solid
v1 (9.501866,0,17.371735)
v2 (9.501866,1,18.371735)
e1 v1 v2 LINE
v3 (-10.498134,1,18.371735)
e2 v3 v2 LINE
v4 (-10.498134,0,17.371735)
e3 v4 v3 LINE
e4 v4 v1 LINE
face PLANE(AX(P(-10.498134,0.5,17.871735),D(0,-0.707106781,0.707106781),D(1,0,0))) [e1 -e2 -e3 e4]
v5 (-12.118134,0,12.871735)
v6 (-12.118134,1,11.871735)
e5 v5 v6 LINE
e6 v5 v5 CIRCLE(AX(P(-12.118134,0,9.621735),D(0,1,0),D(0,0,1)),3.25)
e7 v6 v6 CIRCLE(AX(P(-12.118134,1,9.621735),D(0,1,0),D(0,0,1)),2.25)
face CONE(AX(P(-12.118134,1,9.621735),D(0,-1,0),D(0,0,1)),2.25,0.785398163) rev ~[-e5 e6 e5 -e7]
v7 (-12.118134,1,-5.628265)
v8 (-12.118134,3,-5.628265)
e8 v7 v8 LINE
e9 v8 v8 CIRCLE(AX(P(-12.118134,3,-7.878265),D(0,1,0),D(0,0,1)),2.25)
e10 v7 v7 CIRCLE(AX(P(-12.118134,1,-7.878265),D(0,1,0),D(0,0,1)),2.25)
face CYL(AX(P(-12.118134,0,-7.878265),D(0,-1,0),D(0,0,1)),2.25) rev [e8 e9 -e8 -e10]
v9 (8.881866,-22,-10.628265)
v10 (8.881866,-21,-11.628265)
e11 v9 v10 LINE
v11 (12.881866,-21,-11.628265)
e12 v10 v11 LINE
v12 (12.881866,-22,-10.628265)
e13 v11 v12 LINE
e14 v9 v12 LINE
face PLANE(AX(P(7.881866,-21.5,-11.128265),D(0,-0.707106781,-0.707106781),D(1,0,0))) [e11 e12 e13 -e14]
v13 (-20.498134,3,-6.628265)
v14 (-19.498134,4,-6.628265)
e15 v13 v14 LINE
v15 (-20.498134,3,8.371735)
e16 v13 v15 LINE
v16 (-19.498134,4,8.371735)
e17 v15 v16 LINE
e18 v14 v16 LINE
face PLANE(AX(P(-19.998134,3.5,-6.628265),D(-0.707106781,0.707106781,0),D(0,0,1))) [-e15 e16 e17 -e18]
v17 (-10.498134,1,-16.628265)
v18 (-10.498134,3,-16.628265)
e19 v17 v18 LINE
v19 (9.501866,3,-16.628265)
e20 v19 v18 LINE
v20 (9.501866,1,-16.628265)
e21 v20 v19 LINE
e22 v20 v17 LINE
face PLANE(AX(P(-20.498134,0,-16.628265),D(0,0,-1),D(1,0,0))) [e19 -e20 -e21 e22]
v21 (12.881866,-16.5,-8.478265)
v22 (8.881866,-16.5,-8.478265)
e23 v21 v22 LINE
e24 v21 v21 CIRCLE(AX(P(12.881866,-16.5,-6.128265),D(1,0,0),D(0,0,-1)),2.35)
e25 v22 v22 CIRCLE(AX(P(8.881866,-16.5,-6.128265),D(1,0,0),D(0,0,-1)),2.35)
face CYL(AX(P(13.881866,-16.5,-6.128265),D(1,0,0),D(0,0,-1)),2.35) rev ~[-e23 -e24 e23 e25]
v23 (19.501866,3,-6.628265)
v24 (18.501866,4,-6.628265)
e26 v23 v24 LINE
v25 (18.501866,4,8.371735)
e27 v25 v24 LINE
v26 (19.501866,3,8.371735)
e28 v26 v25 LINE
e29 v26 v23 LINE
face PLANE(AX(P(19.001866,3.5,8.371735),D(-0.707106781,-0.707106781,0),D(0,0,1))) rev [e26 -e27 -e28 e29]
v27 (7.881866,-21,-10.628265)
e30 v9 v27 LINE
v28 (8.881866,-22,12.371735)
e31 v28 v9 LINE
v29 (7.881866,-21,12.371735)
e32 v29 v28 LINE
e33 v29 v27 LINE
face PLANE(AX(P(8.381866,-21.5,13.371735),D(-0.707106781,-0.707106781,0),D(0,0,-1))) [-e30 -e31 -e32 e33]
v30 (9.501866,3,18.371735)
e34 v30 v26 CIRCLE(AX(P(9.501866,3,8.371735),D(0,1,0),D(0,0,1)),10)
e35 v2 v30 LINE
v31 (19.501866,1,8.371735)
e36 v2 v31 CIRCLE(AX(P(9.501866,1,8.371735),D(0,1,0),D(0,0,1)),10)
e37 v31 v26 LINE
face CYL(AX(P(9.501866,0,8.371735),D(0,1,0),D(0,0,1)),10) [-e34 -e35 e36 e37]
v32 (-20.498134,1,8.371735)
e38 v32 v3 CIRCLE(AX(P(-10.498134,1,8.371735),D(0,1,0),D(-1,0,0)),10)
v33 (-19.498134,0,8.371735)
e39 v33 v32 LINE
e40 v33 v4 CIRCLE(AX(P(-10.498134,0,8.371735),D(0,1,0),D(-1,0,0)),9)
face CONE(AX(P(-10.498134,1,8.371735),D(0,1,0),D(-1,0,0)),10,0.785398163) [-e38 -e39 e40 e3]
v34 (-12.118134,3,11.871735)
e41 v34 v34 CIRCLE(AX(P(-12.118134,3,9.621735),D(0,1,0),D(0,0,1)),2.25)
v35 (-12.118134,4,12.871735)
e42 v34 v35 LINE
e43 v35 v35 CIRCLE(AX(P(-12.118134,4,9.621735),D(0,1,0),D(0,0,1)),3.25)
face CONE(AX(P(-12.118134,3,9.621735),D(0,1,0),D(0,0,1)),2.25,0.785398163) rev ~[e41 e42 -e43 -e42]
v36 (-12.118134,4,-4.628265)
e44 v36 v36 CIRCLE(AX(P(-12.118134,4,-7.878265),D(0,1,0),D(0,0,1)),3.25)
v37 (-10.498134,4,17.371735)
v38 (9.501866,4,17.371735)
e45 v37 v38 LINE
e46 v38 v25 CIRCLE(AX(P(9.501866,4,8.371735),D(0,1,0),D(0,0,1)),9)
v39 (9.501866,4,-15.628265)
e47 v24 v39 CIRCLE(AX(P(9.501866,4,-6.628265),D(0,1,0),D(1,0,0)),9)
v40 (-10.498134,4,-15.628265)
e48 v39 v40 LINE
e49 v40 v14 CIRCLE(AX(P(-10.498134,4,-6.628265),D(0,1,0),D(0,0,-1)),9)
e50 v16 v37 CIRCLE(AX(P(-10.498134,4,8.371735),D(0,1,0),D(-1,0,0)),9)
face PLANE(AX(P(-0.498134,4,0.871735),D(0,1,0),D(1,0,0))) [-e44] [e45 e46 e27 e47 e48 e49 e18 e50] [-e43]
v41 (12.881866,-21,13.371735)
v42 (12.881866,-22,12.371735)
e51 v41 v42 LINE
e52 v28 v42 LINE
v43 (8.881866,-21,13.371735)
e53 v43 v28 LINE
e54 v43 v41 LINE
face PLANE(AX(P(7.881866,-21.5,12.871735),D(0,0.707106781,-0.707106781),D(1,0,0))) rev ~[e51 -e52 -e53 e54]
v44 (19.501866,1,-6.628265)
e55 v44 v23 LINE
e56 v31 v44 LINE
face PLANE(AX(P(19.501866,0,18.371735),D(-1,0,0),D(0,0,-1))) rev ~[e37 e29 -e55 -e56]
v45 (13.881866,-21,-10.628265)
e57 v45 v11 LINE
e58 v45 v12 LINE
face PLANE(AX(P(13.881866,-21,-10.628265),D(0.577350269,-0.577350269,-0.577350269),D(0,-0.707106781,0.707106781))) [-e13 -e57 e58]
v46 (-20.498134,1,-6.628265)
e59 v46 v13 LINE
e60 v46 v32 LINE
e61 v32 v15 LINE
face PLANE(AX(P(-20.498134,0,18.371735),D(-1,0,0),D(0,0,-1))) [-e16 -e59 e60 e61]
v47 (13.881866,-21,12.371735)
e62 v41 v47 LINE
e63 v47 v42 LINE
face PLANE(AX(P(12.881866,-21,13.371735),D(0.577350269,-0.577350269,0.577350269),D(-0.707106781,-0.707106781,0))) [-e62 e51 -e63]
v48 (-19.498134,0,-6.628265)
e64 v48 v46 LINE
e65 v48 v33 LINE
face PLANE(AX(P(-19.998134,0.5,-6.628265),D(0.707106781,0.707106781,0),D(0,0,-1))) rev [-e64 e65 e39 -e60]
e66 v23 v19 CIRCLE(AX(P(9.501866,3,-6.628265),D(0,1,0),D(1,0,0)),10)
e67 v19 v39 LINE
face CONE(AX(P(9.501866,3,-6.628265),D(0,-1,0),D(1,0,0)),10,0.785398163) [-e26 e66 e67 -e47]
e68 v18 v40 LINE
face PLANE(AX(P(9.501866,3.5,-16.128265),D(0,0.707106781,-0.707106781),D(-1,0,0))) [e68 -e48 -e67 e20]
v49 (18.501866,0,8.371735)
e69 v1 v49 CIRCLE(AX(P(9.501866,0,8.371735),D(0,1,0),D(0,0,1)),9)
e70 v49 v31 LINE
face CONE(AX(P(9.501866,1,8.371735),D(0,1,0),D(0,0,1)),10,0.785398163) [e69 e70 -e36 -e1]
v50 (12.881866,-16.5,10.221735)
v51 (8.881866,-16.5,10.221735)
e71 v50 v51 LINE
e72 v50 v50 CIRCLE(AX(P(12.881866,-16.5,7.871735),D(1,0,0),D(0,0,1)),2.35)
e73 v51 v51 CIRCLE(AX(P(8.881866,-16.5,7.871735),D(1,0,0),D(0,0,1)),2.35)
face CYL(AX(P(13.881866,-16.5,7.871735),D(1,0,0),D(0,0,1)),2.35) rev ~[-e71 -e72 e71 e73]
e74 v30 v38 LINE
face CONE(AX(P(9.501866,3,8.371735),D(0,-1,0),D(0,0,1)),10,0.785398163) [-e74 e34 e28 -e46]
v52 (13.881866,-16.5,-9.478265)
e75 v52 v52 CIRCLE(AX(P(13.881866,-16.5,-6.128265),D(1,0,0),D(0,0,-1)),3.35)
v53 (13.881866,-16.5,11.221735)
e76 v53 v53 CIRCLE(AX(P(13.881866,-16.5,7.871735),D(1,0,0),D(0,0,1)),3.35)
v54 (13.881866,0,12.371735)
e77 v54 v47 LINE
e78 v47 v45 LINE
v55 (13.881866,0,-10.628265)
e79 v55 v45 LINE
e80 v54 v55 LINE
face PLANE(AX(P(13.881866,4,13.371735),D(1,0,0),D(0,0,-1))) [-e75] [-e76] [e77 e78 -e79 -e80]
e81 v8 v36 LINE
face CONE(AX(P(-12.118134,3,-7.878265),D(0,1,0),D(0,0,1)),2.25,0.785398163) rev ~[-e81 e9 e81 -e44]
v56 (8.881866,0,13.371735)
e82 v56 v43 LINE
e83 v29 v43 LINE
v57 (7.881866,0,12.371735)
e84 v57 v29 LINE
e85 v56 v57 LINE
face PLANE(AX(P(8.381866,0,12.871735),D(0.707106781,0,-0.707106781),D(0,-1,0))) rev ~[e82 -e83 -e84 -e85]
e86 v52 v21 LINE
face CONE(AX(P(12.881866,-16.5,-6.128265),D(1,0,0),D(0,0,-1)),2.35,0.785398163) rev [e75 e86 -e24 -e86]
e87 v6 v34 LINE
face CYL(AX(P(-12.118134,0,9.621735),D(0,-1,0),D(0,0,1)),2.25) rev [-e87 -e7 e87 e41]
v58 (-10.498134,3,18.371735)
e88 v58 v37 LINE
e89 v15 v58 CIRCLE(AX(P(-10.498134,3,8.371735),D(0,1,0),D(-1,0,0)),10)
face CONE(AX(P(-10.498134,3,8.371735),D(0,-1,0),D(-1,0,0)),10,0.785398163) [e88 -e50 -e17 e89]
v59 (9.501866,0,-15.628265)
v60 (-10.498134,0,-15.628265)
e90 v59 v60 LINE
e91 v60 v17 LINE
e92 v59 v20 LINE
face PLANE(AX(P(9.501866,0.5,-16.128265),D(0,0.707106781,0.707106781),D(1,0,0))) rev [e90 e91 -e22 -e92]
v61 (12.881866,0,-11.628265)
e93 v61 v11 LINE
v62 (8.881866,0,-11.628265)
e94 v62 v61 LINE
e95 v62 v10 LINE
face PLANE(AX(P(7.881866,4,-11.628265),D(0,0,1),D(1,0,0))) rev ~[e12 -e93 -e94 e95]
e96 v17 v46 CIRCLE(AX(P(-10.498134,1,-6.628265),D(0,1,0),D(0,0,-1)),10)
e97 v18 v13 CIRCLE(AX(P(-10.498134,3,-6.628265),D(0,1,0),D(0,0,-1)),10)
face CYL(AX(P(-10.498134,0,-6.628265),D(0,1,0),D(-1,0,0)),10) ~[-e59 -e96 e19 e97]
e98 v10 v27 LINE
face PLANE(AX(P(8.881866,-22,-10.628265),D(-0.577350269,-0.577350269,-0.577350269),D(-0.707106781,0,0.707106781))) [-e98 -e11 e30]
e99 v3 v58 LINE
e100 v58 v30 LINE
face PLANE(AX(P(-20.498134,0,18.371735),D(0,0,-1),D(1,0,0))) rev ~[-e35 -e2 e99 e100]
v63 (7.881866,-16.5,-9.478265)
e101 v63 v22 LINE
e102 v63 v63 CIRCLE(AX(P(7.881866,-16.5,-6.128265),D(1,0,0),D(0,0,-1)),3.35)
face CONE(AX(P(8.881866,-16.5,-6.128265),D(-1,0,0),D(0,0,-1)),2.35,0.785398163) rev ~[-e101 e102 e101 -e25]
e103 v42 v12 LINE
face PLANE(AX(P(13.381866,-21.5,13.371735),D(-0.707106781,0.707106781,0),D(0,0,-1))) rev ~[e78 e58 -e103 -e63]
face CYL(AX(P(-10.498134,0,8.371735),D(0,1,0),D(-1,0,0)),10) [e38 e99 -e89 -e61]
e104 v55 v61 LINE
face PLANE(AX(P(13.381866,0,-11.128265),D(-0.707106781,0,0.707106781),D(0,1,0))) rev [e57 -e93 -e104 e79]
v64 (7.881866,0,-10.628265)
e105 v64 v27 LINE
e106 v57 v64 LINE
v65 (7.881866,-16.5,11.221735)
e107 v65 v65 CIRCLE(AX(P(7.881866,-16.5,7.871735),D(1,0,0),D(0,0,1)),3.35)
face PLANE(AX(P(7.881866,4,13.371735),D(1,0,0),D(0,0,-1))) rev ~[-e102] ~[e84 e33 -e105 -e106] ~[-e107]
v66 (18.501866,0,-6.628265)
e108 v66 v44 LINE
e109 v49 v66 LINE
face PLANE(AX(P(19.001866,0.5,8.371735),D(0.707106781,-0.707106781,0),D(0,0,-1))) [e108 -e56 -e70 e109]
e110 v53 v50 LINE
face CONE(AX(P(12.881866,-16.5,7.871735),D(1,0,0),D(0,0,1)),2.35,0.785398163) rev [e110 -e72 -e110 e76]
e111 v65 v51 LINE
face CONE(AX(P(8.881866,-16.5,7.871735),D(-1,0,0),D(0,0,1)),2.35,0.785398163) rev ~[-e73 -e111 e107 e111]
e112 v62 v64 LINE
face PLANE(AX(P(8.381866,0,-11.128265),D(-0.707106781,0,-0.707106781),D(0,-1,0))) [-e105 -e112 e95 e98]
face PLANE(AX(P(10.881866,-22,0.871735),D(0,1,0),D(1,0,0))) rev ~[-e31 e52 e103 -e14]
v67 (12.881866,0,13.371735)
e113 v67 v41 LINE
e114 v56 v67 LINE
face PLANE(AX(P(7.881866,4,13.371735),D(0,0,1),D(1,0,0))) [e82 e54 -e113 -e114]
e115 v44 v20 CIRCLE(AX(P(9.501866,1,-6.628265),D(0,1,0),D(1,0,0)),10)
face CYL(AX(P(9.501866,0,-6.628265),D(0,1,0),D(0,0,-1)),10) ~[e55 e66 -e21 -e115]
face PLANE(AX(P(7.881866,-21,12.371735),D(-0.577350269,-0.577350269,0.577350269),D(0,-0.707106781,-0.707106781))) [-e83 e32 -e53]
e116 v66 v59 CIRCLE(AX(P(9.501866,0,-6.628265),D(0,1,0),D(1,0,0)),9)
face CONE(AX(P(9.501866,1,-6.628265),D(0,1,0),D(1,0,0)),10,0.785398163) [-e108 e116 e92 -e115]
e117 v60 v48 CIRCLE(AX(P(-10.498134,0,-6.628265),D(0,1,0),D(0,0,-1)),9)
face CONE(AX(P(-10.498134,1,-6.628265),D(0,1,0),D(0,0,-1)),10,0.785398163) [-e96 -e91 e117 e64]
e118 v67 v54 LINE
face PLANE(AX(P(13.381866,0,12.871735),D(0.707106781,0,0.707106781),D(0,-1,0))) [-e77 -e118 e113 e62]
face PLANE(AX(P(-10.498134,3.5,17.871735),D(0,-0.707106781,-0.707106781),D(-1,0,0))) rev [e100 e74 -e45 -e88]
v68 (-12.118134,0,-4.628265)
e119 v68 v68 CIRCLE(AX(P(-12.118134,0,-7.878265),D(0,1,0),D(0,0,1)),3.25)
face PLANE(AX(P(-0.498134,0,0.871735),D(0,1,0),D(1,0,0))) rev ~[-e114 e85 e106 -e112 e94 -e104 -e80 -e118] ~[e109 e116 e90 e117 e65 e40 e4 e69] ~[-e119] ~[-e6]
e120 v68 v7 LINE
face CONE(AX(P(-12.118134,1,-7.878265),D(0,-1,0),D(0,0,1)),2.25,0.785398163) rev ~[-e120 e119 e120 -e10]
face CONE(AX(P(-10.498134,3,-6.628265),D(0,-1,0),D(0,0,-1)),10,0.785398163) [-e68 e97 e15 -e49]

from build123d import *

# Parameters (mm, degrees)
SKETCH1_W           = 40
SKETCH1_H           = 35
SKETCH1_R           = 2.25
SKETCH1_W_2         = 6
SKETCH1_H_2         = 25
BOSS_EXTRUDE1_DEPTH = 4
SKETCH2_W           = 6
SKETCH2_H           = 25
BOSS_EXTRUDE2_DEPTH = 26
SKETCH3_R           = 2.35
CUT_EXTRUDE1_DEPTH  = 45.760529843
FILLET1_R           = 10
CHAMFER1_SIZE       = 1


with BuildPart() as part:
    # Sketch1 → Boss-Extrude1 (new body)
    with BuildSketch(Plane(origin=(0, 0, 0), x_dir=(1, 0, 0), z_dir=(0, 1, 0))):
        with Locations((-0.498134051, -0.87173459)):
            Rectangle(SKETCH1_W, SKETCH1_H)
        with Locations(Location((-12.118134051, -9.62173459, 0), (0, 0, 270))):
            Circle(SKETCH1_R, mode=Mode.SUBTRACT)
        with Locations(Location((-12.118134051, 7.87826541, 0), (0, 0, 270))):
            Circle(SKETCH1_R, mode=Mode.SUBTRACT)
        with Locations((10.881865949, -0.87173459)):
            Rectangle(SKETCH1_W_2, SKETCH1_H_2, mode=Mode.SUBTRACT)
    extrude(amount=BOSS_EXTRUDE1_DEPTH)

    # Sketch2 → Boss-Extrude2 (add)
    with BuildSketch(Plane(origin=(0, 4, 0), x_dir=(1, 0, 0), z_dir=(0, 1, 0))):
        with Locations((10.881865949, -0.87173459)):
            Rectangle(SKETCH2_W, SKETCH2_H)
    extrude(amount=-BOSS_EXTRUDE2_DEPTH)

    # Sketch3 → Cut-Extrude1 (cut, through all)
    with BuildSketch(Plane(origin=(13.881865949, 0, 0), x_dir=(0, 0, -1), z_dir=(1, 0, 0))):
        with Locations((6.12826541, -16.5)):
            Circle(SKETCH3_R)
        with Locations(Location((-7.87173459, -16.5, 0), (0, 0, 180))):
            Circle(SKETCH3_R)
    extrude(amount=-CUT_EXTRUDE1_DEPTH, mode=Mode.SUBTRACT)

    # Fillet1
    fillet1_edges = [part.edges().sort_by_distance(p)[0] for p in [
        (19.501865949, 2, 18.37173459),
        (-20.498134051, 2, 18.37173459),
        (-20.498134051, 2, -16.62826541),
        (19.501865949, 2, -16.62826541),
    ]]
    fillet(fillet1_edges, radius=FILLET1_R)

    # Chamfer1
    chamfer1_edges = [part.edges().sort_by_distance(p)[0] for p in [
        (-12.118134051, 0, 7.37173459),
        (-12.118134051, 4, 7.37173459),
        (-12.118134051, 0, -10.12826541),
        (-12.118134051, 4, -10.12826541),
        (7.881865949, -11, -11.62826541),
        (10.881865949, -22, -11.62826541),
        (13.881865949, -11, -11.62826541),
        (13.881865949, -22, 0.87173459),
        (13.881865949, -11, 13.37173459),
        (10.881865949, -22, 13.37173459),
        (7.881865949, -11, 13.37173459),
        (7.881865949, -22, 0.87173459),
        (7.881865949, -16.5, -3.77826541),
        (13.881865949, -16.5, -3.77826541),
        (7.881865949, -16.5, 5.52173459),
        (13.881865949, -16.5, 5.52173459),
        (19.501865949, 0, 0.87173459),
        (19.501865949, 4, 0.87173459),
        (-0.498134051, 0, 18.37173459),
        (-20.498134051, 0, 0.87173459),
        (-0.498134051, 0, -16.62826541),
        (-17.569201863, 0, 15.442802401),
        (-17.569201863, 0, -13.699333222),
        (16.572933761, 0, -13.699333222),
        (16.572933761, 0, 15.442802401),
        (-0.498134051, 4, 18.37173459),
        (-0.498134051, 4, -16.62826541),
        (-20.498134051, 4, 0.87173459),
        (-17.569201863, 4, 15.442802401),
        (-17.569201863, 4, -13.699333222),
        (16.572933761, 4, -13.699333222),
        (16.572933761, 4, 15.442802401),
    ]]
    chamfer(chamfer1_edges, length=CHAMFER1_SIZE)


solid = part.part
